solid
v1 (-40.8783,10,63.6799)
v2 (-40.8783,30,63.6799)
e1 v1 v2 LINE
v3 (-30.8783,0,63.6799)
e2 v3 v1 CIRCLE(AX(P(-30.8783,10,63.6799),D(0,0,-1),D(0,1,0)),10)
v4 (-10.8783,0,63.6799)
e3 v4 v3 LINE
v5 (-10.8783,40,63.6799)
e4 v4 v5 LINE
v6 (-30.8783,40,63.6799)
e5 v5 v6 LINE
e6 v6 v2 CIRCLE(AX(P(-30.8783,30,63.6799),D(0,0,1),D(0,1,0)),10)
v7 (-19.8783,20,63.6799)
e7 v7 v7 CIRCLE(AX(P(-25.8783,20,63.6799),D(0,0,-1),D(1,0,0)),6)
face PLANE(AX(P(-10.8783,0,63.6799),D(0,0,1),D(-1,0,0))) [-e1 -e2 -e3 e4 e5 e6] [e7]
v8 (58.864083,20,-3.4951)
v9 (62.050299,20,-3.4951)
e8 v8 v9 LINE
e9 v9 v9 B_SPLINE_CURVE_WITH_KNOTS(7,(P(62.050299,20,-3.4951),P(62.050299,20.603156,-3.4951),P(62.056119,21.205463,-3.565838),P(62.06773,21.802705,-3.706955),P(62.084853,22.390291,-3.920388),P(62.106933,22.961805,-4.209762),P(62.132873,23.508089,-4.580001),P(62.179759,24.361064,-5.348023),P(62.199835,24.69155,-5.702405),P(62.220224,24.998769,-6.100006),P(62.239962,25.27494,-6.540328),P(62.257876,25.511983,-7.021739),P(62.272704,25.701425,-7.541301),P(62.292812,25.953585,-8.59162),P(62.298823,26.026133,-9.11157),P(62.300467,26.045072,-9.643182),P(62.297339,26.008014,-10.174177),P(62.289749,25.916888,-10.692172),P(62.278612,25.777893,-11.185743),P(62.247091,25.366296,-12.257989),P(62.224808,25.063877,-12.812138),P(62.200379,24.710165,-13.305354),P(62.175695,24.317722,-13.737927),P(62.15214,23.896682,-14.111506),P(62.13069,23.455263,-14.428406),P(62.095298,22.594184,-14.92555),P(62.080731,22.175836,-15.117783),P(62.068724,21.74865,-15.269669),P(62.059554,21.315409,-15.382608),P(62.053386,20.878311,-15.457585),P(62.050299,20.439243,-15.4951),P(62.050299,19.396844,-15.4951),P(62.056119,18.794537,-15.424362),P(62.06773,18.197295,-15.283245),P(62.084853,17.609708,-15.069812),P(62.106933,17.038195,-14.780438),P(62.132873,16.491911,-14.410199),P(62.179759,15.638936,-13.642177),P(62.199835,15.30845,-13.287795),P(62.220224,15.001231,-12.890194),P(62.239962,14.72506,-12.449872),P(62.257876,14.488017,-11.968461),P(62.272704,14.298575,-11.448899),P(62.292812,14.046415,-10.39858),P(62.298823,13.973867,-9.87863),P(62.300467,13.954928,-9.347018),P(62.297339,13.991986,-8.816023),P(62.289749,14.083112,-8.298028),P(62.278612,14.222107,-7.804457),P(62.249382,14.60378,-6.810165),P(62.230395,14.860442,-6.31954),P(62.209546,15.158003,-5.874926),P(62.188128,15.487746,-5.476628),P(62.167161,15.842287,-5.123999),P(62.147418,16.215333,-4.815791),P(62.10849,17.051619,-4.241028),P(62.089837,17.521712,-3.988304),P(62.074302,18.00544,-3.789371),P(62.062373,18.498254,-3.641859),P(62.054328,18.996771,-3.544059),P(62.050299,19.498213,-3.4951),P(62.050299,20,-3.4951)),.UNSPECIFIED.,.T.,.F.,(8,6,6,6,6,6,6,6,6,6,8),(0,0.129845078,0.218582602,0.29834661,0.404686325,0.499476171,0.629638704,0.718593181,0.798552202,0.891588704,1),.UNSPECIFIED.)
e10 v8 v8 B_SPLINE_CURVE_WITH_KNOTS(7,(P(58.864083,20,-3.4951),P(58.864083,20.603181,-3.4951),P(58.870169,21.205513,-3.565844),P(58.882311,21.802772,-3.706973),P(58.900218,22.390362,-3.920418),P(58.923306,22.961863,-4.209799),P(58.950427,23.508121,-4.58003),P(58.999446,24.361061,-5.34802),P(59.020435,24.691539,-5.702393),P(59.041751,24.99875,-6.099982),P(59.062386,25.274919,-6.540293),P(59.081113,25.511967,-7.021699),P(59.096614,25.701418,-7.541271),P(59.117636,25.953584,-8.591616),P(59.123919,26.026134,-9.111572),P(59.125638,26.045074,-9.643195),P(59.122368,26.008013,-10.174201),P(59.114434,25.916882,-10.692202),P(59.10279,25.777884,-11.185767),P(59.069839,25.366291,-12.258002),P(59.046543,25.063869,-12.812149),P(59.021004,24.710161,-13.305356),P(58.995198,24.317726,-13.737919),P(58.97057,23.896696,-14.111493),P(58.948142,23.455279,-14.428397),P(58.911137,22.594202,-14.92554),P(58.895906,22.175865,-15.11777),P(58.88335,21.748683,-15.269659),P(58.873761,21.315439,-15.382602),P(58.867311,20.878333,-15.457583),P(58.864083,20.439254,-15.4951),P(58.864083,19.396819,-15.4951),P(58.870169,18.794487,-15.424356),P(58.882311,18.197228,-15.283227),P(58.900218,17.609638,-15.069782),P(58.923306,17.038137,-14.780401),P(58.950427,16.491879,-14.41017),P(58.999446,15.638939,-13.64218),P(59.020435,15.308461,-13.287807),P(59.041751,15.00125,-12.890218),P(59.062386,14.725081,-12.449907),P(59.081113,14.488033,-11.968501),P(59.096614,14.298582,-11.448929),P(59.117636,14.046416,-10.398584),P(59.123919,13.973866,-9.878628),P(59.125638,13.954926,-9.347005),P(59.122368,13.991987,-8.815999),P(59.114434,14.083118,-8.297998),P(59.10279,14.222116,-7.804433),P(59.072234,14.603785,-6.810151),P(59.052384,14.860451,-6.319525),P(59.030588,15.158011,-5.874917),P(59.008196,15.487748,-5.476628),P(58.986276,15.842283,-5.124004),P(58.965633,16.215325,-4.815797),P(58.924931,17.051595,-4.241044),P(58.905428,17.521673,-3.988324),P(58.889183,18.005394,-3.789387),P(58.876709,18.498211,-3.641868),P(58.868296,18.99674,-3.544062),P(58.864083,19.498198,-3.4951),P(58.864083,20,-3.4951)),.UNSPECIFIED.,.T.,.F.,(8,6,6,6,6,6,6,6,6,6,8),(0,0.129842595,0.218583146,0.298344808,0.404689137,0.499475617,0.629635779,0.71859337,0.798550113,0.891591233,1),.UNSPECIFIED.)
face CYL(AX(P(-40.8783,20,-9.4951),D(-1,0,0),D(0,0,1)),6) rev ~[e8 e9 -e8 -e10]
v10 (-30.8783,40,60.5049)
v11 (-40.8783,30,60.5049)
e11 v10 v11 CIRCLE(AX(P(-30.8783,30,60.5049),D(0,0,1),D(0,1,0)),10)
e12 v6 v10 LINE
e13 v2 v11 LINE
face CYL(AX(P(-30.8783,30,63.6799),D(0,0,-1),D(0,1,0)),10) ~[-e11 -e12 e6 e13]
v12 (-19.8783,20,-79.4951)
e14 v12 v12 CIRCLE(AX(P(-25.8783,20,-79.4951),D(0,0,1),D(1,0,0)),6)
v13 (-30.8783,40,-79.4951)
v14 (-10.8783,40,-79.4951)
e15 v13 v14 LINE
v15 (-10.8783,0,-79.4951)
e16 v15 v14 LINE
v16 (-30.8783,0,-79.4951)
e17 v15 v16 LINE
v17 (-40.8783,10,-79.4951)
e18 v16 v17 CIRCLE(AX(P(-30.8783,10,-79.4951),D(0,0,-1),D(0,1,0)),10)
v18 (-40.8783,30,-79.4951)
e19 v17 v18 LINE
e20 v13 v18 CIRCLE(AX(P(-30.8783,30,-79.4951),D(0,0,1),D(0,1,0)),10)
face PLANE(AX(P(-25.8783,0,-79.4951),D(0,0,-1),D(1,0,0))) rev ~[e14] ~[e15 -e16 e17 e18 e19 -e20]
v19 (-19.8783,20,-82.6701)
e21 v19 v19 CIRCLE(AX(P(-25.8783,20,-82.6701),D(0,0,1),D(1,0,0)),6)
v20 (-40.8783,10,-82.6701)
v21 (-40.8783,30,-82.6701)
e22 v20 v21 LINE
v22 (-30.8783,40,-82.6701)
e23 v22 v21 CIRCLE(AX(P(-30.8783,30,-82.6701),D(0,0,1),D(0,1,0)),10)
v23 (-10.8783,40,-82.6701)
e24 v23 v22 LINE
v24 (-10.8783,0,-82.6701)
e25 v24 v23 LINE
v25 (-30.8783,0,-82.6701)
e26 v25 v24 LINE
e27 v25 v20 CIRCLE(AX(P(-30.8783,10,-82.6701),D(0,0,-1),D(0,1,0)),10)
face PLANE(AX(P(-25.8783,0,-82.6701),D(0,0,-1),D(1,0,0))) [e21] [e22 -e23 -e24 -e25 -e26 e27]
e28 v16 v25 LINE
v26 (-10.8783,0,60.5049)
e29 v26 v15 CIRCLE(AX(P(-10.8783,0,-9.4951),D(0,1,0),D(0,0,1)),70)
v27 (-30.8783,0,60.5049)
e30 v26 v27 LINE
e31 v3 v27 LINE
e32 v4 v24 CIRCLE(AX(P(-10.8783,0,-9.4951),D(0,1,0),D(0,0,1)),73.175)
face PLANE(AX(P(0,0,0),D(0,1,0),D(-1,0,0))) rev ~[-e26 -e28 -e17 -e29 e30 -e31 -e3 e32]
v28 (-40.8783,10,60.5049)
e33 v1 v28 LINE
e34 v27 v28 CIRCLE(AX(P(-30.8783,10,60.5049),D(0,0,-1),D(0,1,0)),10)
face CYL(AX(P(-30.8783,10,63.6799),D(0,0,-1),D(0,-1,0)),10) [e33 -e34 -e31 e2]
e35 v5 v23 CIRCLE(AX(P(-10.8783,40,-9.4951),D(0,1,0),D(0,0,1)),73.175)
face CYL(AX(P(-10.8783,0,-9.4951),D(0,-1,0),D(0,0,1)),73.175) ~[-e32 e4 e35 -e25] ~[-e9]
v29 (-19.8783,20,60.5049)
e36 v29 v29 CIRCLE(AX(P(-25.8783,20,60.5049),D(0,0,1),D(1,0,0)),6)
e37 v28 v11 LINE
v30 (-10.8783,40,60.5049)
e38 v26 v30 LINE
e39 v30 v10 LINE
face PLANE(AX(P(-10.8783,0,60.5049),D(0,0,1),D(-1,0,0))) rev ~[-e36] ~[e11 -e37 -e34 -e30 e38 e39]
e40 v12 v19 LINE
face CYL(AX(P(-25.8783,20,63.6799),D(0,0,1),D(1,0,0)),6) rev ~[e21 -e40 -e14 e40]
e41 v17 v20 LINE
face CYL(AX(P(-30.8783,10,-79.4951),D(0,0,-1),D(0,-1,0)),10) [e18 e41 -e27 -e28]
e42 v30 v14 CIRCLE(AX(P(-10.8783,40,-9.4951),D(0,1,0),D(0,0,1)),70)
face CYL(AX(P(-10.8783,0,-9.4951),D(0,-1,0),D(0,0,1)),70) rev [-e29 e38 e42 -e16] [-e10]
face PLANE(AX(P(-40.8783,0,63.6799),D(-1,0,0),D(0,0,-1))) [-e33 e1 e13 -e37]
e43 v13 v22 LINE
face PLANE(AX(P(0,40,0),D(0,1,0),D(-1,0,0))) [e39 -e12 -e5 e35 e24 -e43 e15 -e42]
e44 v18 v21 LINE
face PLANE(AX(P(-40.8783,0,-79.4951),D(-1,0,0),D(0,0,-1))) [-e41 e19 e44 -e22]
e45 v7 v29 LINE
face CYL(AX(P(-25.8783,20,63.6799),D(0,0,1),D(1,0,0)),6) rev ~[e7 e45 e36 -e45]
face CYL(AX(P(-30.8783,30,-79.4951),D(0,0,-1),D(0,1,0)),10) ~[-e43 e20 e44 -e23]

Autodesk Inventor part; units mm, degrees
ref_plane "YZ Plane" through (0, 0, 0) normal (1, 0, 0) x (0, 1, 0)
ref_plane "XZ Plane" through (0, 0, 0) normal (0, 1, 0) x (-1, 0, 0)
ref_plane "XY Plane" through (0, 0, 0) normal (0, 0, 1) x (1, 0, 0)
sketch "Sketch1" plane through (0, 0, 0) normal (0, 1, 0) x (-1, 0, 0)
  arc A0 (10.8783, 63.6799) -> (10.8783, -82.6701) centre (10.8783, -9.4951) ccw
  line L0 (10.8783, 63.6799) -> (40.8783, 63.6799)
  line L1 (40.8783, -82.6701) -> (10.8783, -82.6701)
  line L2 (40.8783, -79.4951) -> (10.8783, -79.4951)
  arc A1 (10.8783, 60.5049) -> (10.8783, -79.4951) centre (10.8783, -9.4951) ccw
  line L3 (10.8783, 60.5049) -> (40.8783, 60.5049)
  line L4 (40.8783, 63.6799) -> (40.8783, 60.5049)
  line L5 (40.8783, -79.4951) -> (40.8783, -82.6701)
  line L6 (25.8783, -82.6701) -> (25.8783, -9.4951)
  line L7 (25.8783, -9.4951) -> (10.8783, -9.4951)
  dimension "d1" = 30
  dimension "d2" = 3.175
  dimension "d15" = 70
extrude "Extrusion1" add sketch "Sketch1" along normal blind 40
sketch "Sketch2" plane through (-40.8783, 0, 63.6799) normal (0, 0, 1) x (1, 0, 0)
  line L0 (29.9701, 0) -> (0, 40)
  line L1 (0, 40) -> (30, 40)
  line L2 (0, 40) -> (30, 40) projected
  line L3 (30, 40) -> (0, 0)
  circle A0 centre (15, 20) radius 6
  point P0 (40.8783, 0)
  dimension "d5" = 12
extrude "Extrusion2" cut sketch "Sketch2" against normal blind 200 contours A0 L3 L0 | L0 L3 A0 | L3 A0 L0 | L0 A0 L3
fillet "Fillet1" radius 10 2 edges at (-40.8783, 40, 62.0924) (-40.8783, 0, 62.0924)
fillet "Fillet2" radius 10 2 edges at (-40.8783, 40, -81.0826) (-40.8783, 0, -81.0826)
sketch "Sketch3" plane through (-40.8783, 10, -79.4951) normal (-1, 0, 0) x (0, 0, 1)
  line L0 (-3.175, 0) -> (143.175, 20)
  line L1 (143.175, -10) -> (143.175, 30) projected
  line L2 (143.175, 0) -> (-3.175, 20)
  circle A0 centre (70, 10) radius 6
  point P0 (79.4951, -10)
  dimension "d10" = 12
extrude "Extrusion3" cut sketch "Sketch3" against normal blind 200 contours A0 L2 L0 | L0 L2 A0 | L2 A0 L0 | L0 A0 L2
properties part number "APOIO_TUBO"
